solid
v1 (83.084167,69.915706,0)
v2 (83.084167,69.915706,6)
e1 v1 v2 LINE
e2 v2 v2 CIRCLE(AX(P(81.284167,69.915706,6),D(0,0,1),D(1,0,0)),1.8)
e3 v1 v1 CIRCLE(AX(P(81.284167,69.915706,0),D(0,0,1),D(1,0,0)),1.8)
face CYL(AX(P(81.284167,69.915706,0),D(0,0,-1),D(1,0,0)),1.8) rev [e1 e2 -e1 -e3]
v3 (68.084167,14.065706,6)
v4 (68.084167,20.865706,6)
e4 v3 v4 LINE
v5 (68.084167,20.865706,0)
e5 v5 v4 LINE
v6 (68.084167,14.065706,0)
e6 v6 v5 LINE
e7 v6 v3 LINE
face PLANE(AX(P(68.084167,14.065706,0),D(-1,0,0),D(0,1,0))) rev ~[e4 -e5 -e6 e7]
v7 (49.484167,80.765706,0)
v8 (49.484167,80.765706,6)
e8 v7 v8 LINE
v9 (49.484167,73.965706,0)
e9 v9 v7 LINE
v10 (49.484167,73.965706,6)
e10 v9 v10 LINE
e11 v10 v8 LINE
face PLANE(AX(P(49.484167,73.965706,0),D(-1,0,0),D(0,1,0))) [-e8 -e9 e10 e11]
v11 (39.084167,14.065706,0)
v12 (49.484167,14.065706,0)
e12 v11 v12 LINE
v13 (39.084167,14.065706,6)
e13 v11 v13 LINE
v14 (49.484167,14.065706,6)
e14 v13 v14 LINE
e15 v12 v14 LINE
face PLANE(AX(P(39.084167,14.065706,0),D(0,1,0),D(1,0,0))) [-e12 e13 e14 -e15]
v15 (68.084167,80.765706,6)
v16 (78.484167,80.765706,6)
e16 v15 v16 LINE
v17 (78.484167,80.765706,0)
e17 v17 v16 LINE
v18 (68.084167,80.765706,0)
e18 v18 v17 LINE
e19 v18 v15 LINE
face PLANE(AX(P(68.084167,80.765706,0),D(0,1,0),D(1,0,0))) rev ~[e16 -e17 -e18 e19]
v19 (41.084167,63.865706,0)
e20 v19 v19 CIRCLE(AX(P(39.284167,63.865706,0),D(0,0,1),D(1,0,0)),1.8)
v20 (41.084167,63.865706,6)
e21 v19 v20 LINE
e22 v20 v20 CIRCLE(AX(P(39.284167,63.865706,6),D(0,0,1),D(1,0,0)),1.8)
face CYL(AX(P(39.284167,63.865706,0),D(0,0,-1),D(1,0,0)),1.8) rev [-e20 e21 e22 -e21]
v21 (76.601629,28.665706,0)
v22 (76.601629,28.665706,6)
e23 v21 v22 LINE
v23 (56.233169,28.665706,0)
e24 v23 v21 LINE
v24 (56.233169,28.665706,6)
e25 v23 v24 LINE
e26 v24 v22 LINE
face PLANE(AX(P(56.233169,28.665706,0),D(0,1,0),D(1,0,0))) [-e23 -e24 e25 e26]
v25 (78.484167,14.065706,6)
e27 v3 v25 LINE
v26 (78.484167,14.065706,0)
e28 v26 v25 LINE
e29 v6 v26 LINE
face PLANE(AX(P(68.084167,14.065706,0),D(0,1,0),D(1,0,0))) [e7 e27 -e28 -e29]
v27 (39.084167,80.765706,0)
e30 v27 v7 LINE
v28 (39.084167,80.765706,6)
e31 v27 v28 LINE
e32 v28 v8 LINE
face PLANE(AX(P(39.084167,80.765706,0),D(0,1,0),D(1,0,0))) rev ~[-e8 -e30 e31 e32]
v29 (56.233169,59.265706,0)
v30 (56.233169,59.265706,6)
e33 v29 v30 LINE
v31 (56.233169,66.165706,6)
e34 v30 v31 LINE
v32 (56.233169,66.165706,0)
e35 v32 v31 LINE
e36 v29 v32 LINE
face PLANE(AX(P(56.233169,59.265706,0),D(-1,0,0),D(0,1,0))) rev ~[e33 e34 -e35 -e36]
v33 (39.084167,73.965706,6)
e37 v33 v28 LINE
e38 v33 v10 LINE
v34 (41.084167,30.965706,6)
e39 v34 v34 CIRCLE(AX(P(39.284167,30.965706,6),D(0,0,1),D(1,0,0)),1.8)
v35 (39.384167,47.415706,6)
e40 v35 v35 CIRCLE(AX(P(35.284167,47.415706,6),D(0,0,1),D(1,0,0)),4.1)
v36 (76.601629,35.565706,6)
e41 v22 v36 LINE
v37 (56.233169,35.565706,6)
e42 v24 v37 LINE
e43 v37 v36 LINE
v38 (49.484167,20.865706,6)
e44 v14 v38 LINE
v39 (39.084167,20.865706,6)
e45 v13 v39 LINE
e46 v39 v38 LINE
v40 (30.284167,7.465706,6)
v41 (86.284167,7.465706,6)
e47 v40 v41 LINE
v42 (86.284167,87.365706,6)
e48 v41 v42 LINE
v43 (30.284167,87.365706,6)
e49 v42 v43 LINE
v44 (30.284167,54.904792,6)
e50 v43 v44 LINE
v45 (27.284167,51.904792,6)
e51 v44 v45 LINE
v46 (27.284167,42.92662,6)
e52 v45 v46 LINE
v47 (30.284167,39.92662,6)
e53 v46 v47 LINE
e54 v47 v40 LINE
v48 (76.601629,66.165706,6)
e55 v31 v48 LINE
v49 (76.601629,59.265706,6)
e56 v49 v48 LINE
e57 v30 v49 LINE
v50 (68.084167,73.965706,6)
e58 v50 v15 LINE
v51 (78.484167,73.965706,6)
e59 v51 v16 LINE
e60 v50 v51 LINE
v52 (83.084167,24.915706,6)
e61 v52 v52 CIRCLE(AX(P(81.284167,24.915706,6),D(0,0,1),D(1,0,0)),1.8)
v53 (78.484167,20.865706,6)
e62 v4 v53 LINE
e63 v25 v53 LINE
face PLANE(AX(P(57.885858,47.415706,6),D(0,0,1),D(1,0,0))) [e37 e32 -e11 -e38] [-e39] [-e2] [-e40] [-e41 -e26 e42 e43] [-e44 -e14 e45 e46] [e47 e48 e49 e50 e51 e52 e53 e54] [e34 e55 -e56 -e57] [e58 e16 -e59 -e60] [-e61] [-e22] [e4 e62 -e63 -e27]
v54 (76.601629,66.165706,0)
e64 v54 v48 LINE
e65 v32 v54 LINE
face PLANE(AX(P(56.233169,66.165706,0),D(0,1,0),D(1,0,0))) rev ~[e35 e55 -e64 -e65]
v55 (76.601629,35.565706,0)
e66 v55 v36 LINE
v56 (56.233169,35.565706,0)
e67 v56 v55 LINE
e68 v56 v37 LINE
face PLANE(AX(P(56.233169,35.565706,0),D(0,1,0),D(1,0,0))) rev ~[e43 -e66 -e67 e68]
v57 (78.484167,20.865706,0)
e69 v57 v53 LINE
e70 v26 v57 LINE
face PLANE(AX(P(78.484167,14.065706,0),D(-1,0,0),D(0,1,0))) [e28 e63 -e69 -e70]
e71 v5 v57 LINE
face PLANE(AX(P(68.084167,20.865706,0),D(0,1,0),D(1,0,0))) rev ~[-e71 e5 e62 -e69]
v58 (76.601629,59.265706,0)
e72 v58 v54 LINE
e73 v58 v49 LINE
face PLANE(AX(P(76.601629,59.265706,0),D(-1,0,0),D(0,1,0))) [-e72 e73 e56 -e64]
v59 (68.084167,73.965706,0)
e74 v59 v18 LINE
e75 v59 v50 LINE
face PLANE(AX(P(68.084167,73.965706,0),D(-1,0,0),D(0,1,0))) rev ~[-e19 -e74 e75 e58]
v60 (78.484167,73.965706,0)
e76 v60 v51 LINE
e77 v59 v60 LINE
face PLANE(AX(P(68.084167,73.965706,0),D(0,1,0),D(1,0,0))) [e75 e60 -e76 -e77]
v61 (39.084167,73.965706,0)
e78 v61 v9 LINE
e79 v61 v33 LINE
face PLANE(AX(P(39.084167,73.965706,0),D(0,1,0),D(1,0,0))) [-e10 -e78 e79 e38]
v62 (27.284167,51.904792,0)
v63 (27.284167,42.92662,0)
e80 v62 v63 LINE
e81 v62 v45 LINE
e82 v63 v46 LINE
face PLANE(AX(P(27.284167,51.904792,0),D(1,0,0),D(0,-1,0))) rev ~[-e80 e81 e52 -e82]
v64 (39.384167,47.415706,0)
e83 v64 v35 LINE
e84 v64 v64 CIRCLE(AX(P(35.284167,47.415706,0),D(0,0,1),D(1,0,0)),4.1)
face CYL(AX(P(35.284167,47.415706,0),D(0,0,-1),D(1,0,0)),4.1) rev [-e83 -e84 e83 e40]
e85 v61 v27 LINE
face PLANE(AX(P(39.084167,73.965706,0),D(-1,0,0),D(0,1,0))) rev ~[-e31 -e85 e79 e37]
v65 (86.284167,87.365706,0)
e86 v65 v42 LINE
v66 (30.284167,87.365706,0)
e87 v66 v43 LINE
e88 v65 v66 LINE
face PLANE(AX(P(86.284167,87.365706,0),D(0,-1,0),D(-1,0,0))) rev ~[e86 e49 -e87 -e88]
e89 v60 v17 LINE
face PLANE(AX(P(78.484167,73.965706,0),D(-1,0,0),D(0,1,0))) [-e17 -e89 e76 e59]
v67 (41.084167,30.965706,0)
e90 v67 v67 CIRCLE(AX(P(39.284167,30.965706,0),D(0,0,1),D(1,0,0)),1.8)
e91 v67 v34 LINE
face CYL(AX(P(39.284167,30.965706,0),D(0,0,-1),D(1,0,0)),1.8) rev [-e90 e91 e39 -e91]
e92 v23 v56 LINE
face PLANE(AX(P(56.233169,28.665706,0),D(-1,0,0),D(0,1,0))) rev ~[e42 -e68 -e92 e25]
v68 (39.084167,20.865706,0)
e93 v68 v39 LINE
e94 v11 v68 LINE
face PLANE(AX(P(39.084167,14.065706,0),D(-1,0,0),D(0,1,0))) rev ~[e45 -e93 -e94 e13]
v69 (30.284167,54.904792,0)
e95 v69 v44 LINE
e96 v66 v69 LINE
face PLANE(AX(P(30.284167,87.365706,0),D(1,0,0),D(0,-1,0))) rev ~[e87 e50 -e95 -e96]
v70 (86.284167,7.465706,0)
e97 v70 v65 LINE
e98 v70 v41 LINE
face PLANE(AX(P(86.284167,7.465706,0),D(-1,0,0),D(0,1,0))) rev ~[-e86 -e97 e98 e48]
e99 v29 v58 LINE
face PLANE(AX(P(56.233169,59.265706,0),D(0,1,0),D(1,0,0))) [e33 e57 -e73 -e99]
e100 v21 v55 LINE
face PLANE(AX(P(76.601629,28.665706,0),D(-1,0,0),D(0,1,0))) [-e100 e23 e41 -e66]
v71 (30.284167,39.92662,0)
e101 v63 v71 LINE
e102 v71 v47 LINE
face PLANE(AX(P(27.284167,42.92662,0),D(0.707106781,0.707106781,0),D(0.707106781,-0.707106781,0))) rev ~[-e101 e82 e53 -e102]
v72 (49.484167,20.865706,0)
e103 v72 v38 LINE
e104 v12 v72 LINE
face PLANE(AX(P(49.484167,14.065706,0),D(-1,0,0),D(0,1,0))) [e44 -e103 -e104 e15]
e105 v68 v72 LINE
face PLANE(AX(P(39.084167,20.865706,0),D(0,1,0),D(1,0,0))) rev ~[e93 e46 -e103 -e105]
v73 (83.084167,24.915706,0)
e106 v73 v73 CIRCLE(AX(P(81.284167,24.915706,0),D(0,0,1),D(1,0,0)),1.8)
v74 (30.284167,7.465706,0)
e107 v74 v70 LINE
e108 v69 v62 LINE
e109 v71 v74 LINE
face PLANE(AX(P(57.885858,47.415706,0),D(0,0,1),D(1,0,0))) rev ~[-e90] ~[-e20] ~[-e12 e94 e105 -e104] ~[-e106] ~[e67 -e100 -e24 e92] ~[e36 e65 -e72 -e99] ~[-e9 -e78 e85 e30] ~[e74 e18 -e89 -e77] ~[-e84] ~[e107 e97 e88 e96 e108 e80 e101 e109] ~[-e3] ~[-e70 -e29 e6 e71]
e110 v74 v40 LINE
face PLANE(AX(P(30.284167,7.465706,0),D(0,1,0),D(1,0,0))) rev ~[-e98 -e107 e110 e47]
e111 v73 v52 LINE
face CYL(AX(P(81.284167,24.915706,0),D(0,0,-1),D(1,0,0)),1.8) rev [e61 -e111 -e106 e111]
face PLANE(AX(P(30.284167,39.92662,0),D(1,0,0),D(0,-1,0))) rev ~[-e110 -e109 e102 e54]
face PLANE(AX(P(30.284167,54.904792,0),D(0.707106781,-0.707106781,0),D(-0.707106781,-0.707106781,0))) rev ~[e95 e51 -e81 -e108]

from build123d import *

# Parameters (mm, degrees)
MODEL_R                  = 1.8
MODEL_R_2                = 4.1
MODEL_W                  = 20.368459162
MODEL_H                  = 6.9
MODEL_W_2                = 10.4
MODEL_H_2                = 6.8
RESSALTO_EXTRUS_O1_DEPTH = 6


with BuildPart() as part:
    # Model → Ressalto-extrusão1 (new body)
    with BuildSketch(Plane.XY):
        Polygon((86.284167453, 87.365706057), (30.284167453, 87.365706057), (30.284167453, 54.904792152), (27.284167453, 51.904792152), (27.284167453, 42.926619963), (30.284167453, 39.926619963), (30.284167453, 7.465706057), (86.284167453, 7.465706057), align=None)
        with Locations((39.284167453, 30.965706057)):
            Circle(MODEL_R, mode=Mode.SUBTRACT)
        with Locations((81.284167453, 24.915706057)):
            Circle(MODEL_R, mode=Mode.SUBTRACT)
        with Locations((81.284167453, 69.915706057)):
            Circle(MODEL_R, mode=Mode.SUBTRACT)
        with Locations((39.284167453, 63.865706057)):
            Circle(MODEL_R, mode=Mode.SUBTRACT)
        with Locations((35.284167453, 47.415706057)):
            Circle(MODEL_R_2, mode=Mode.SUBTRACT)
        with Locations((66.417398963, 32.115706057)):
            Rectangle(MODEL_W, MODEL_H, mode=Mode.SUBTRACT)
        with Locations((44.284167453, 17.465706057)):
            Rectangle(MODEL_W_2, MODEL_H_2, mode=Mode.SUBTRACT)
        with Locations((44.284167453, 77.365706057)):
            Rectangle(MODEL_W_2, MODEL_H_2, mode=Mode.SUBTRACT)
        with Locations((66.417398963, 62.715706057)):
            Rectangle(MODEL_W, MODEL_H, mode=Mode.SUBTRACT)
        with Locations((73.284167453, 17.465706057)):
            Rectangle(MODEL_W_2, MODEL_H_2, mode=Mode.SUBTRACT)
        with Locations((73.284167453, 77.365706057)):
            Rectangle(MODEL_W_2, MODEL_H_2, mode=Mode.SUBTRACT)
    extrude(amount=RESSALTO_EXTRUS_O1_DEPTH)


solid = part.part
